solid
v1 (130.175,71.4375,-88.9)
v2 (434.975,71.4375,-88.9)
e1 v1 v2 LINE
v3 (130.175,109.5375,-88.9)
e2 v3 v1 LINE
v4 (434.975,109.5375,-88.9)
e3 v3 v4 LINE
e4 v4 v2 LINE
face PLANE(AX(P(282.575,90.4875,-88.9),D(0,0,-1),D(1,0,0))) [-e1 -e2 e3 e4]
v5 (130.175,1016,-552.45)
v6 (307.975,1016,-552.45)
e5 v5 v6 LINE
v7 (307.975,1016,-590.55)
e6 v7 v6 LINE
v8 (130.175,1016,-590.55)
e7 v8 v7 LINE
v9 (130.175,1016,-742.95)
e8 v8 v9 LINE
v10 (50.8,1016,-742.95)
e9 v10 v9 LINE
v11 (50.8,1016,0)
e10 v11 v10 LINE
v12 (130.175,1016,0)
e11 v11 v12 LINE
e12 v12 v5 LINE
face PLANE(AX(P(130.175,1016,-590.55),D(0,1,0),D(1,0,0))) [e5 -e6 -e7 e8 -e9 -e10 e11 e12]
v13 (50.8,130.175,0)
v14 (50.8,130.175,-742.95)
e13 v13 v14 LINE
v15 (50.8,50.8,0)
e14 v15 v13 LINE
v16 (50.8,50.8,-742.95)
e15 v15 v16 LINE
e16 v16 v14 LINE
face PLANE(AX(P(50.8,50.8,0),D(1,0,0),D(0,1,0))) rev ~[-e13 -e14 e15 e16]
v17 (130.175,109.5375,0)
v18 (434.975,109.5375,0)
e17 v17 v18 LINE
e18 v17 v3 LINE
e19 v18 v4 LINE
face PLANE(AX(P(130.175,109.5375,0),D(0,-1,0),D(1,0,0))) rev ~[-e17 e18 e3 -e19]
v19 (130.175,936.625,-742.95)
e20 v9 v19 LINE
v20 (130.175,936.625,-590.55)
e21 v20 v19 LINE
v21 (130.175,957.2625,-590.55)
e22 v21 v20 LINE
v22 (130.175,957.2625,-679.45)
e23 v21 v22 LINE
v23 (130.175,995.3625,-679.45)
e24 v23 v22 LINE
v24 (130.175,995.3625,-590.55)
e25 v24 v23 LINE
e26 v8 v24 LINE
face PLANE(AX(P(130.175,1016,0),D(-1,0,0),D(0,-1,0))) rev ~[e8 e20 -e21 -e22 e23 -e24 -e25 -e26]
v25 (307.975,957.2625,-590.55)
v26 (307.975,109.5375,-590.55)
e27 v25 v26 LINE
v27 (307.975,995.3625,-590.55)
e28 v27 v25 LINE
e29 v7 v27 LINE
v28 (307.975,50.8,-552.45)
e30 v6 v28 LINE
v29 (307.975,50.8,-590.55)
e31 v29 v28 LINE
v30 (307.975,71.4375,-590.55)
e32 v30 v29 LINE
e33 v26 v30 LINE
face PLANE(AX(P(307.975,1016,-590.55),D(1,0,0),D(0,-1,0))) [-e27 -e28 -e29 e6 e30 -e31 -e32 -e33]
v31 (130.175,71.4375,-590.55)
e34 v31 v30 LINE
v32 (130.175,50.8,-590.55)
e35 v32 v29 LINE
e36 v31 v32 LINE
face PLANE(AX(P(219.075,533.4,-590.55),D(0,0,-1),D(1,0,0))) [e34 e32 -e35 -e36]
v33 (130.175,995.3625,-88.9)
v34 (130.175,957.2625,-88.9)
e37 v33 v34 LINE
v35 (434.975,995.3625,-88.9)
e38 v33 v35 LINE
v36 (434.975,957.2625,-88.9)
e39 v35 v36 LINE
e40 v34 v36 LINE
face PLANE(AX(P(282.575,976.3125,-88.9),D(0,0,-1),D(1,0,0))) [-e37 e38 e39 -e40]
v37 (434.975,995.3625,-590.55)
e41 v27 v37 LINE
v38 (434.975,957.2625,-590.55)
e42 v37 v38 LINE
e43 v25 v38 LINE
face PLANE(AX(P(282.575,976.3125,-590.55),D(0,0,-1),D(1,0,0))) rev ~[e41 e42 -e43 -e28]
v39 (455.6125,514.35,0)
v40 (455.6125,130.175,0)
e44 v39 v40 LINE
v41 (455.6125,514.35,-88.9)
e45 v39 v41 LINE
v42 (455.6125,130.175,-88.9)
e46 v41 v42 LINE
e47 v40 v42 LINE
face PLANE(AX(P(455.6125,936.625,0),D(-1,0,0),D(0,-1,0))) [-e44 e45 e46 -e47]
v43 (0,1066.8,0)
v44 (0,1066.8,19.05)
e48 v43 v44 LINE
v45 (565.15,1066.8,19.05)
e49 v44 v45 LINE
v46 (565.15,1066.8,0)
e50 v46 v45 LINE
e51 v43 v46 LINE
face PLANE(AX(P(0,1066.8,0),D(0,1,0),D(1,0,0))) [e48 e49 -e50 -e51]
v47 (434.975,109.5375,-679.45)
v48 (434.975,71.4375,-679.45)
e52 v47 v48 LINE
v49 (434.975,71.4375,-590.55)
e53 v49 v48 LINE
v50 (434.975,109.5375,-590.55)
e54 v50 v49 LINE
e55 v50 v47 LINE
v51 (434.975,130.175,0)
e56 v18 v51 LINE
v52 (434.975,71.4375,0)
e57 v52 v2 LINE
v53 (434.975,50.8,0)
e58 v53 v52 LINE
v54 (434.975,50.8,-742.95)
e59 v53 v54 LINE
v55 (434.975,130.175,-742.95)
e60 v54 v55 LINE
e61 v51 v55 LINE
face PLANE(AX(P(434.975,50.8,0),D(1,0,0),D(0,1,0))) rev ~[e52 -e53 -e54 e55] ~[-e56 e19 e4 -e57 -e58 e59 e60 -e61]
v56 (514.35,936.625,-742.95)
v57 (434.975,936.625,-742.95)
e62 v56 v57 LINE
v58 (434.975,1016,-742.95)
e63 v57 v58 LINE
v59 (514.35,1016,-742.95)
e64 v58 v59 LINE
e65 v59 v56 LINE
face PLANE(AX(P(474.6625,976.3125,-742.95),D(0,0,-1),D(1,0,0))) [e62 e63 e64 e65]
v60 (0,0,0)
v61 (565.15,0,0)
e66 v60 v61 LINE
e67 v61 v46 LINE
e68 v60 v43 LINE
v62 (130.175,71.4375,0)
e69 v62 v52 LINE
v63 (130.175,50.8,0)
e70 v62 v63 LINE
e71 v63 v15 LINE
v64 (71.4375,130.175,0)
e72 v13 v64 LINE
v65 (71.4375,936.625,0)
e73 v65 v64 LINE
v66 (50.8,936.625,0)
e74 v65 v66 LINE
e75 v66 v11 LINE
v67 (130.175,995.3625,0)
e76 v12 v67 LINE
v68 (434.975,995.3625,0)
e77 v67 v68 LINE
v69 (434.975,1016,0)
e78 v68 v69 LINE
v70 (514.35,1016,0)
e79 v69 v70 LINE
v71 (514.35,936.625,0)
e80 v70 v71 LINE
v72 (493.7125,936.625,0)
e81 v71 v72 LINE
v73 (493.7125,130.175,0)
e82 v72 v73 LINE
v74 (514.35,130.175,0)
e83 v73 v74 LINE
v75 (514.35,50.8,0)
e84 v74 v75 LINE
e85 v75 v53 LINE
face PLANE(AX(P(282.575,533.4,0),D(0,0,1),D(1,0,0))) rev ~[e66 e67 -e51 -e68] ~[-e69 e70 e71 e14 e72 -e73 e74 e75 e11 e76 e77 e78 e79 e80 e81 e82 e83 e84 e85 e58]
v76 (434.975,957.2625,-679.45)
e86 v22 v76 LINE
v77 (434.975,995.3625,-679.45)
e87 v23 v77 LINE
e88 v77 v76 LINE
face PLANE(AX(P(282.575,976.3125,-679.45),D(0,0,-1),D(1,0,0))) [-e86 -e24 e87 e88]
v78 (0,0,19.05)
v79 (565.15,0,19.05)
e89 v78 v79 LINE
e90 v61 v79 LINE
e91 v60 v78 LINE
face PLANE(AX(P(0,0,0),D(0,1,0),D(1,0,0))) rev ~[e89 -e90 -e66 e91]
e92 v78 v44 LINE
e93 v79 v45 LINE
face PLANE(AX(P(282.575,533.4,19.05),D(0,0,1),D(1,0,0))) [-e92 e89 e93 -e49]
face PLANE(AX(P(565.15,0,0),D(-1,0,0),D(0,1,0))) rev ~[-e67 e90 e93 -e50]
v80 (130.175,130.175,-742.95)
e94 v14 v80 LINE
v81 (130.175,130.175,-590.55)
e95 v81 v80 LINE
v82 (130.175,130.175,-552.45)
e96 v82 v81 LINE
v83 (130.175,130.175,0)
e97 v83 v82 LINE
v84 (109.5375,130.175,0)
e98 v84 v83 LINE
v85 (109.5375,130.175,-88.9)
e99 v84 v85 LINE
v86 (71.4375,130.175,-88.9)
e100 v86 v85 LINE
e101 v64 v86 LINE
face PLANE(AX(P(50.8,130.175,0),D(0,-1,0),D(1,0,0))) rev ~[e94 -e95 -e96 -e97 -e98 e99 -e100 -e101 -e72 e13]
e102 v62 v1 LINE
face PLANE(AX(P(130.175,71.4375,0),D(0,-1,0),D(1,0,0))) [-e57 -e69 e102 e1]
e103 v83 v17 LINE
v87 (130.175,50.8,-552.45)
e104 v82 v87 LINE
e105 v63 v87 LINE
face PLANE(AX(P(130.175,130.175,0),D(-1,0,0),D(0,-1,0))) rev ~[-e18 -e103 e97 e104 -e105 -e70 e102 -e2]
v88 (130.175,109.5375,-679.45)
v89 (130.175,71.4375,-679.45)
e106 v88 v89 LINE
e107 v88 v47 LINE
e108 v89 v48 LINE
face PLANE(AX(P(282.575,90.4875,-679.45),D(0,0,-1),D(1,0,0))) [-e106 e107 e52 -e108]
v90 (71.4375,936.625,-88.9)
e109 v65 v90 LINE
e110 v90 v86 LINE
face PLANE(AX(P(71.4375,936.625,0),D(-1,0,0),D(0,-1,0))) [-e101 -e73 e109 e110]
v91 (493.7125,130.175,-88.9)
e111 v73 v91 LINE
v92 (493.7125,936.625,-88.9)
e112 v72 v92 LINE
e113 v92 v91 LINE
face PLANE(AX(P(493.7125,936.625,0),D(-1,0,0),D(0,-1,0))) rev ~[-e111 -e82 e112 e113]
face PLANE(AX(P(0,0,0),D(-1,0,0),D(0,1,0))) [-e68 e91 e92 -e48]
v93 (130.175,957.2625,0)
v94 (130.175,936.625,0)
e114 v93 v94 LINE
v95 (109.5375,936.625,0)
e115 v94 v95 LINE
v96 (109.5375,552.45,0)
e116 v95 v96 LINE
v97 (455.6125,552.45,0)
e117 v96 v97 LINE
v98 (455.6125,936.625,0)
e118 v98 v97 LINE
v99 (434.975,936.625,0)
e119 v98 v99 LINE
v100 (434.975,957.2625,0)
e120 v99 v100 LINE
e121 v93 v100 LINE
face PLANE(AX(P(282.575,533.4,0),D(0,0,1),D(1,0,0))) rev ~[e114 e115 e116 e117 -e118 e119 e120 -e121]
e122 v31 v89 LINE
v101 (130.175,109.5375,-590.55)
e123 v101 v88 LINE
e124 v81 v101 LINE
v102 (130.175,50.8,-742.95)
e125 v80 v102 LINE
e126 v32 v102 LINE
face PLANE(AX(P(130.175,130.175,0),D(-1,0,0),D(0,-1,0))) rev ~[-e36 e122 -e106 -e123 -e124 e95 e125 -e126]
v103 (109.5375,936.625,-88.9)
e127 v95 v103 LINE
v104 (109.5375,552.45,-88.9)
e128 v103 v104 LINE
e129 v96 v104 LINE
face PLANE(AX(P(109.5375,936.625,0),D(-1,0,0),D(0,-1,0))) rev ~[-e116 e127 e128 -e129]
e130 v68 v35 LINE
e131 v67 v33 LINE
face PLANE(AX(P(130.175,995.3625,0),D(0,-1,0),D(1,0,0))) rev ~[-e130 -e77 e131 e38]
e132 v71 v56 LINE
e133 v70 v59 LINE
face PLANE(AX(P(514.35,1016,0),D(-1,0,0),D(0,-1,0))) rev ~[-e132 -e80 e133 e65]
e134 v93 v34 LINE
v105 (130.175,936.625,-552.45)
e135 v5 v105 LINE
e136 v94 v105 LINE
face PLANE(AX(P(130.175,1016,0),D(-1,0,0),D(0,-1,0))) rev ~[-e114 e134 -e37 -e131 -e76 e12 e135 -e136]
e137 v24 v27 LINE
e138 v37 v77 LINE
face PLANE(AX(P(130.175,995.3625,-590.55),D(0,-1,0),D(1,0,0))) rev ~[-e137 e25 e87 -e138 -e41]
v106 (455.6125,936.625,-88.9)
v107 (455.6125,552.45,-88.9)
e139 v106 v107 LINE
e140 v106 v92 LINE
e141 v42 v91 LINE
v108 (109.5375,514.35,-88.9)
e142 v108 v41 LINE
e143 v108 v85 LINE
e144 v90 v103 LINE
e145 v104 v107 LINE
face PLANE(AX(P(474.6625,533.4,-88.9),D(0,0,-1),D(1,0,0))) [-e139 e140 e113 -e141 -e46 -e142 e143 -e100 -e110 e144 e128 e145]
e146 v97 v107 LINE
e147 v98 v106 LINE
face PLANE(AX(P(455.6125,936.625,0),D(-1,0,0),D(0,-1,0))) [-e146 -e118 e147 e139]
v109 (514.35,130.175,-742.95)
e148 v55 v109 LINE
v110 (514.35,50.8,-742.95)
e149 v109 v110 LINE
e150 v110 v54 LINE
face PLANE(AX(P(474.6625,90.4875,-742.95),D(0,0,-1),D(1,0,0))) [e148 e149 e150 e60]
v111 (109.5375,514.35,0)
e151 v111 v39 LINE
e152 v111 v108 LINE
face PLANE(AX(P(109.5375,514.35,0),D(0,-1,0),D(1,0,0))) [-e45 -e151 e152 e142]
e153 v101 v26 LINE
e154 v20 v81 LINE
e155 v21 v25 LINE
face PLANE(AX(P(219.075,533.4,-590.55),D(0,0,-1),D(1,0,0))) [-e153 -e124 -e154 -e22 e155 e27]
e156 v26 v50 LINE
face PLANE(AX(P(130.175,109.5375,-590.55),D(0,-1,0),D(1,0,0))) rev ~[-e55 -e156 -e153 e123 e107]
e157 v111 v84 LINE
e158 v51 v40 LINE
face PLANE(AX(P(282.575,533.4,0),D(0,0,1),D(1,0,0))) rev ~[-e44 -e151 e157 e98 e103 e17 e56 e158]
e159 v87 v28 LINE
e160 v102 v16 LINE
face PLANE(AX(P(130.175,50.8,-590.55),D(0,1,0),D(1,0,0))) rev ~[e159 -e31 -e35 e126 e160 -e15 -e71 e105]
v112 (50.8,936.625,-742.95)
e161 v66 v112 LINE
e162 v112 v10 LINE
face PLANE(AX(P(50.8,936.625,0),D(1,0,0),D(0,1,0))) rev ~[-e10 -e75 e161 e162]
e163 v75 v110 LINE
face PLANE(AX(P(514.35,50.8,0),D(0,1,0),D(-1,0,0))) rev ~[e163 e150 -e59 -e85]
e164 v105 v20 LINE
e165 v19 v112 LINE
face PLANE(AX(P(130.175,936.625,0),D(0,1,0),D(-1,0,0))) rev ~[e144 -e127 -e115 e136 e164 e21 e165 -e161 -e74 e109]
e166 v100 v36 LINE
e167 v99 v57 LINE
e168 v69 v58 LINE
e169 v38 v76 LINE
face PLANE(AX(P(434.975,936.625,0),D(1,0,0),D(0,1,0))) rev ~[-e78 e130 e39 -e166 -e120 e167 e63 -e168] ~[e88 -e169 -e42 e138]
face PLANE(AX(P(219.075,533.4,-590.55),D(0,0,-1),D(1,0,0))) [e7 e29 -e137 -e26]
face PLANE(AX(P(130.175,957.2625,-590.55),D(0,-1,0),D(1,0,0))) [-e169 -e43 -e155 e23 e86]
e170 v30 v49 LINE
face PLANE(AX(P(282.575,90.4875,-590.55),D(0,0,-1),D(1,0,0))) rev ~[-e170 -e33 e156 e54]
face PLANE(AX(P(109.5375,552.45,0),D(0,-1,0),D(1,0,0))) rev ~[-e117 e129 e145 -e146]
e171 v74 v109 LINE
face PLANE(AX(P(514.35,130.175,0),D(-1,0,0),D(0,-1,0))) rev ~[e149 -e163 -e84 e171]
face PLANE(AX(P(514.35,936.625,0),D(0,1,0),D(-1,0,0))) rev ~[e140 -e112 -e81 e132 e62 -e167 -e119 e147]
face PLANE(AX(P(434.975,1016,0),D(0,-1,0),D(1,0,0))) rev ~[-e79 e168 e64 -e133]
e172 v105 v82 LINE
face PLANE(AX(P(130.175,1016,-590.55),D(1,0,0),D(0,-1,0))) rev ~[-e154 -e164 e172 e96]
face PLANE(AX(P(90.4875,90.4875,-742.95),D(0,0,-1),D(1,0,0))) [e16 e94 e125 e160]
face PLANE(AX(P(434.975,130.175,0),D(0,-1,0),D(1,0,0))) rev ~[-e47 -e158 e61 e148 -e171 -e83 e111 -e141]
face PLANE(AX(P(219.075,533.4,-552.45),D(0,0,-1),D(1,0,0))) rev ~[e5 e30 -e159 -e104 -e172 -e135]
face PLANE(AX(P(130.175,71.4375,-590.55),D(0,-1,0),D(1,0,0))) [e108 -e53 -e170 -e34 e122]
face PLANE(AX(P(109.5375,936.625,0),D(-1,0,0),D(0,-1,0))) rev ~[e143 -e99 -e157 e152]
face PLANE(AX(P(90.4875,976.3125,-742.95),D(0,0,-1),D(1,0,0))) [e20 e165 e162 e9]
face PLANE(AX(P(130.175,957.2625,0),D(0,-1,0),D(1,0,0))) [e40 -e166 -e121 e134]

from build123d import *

# Parameters (mm, degrees)
F0_W      = 565.15
F0_H      = 1066.8
F1_DEPTH  = 19.05
F3_DEPTH  = 742.95
F5_W      = 304.8
F5_H      = 38.1
F6_DEPTH  = 88.9
F7_W      = 38.1
F7_H      = 806.45
F8_DEPTH  = 88.9
F9_W      = 346.075
F9_H      = 38.1
F10_DEPTH = 88.9
F12_W     = 304.8
F12_H     = 38.1
F13_DEPTH = 88.9
F14_W     = 177.8
F14_H     = 965.2
F15_DEPTH = 38.1


with BuildPart() as f1:
    # F0 (on Top) → F1 (new body)
    with BuildSketch(Plane.XY):
        with Locations((282.575, 533.4)):
            Rectangle(F0_W, F0_H)
    extrude(amount=F1_DEPTH)

    # F2 (on face) → F3 (join)
    with BuildSketch(Plane(origin=(0, 0, 0), x_dir=(1, 0, 0), z_dir=(0, 0, -1))):
        Polygon((130.175, -1016), (130.175, -976.3125), (130.175, -936.625), (50.8, -936.625), (50.8, -1016), align=None)
        Polygon((514.35, -1016), (514.35, -936.625), (434.975, -936.625), (434.975, -976.3125), (434.975, -1016), align=None)
        Polygon((434.975, -50.8), (434.975, -71.4375), (434.975, -109.5375), (434.975, -130.175), (514.35, -130.175), (514.35, -50.8), align=None)
        Polygon((130.175, -71.4375), (130.175, -50.8), (50.8, -50.8), (50.8, -130.175), (130.175, -130.175), (130.175, -109.5375), align=None)
    extrude(amount=F3_DEPTH)

    # F5 (on face) → F6 (join)
    with BuildSketch(Plane(origin=(0, 0, 0), x_dir=(1, 0, 0), z_dir=(0, 0, -1))):
        with Locations((282.575, -90.4875)):
            Rectangle(F5_W, F5_H)
        with Locations((282.575, -976.3125)):
            Rectangle(F5_W, F5_H)
    extrude(amount=F6_DEPTH)

    # F7 (on face) → F8 (join)
    with BuildSketch(Plane(origin=(0, 0, 0), x_dir=(1, 0, 0), z_dir=(0, 0, -1))):
        with Locations((474.6625, -533.4)):
            Rectangle(F7_W, F7_H)
        with Locations((90.4875, -533.4)):
            Rectangle(F7_W, F7_H)
    extrude(amount=F8_DEPTH)

    # F9 (on face) → F10 (join)
    with BuildSketch(Plane(origin=(0, 0, 0), x_dir=(1, 0, 0), z_dir=(0, 0, -1))):
        with Locations((282.575, -533.4)):
            Rectangle(F9_W, F9_H)
    extrude(amount=F10_DEPTH)

    # F12 (on offset) → F13 (join)
    with BuildSketch(Plane(origin=(0, 0, -590.55), x_dir=(1, 0, 0), z_dir=(0, 0, -1))):
        with Locations((282.575, -90.4875)):
            Rectangle(F12_W, F12_H)
        with Locations((282.575, -976.3125)):
            Rectangle(F12_W, F12_H)
    extrude(amount=F13_DEPTH)

    # F14 (on offset) → F15 (join)
    with BuildSketch(Plane(origin=(0, 0, -590.55), x_dir=(1, 0, 0), z_dir=(0, 0, -1))):
        with Locations((219.075, -533.4)):
            Rectangle(F14_W, F14_H)
    extrude(amount=-F15_DEPTH)


solid = f1.part
